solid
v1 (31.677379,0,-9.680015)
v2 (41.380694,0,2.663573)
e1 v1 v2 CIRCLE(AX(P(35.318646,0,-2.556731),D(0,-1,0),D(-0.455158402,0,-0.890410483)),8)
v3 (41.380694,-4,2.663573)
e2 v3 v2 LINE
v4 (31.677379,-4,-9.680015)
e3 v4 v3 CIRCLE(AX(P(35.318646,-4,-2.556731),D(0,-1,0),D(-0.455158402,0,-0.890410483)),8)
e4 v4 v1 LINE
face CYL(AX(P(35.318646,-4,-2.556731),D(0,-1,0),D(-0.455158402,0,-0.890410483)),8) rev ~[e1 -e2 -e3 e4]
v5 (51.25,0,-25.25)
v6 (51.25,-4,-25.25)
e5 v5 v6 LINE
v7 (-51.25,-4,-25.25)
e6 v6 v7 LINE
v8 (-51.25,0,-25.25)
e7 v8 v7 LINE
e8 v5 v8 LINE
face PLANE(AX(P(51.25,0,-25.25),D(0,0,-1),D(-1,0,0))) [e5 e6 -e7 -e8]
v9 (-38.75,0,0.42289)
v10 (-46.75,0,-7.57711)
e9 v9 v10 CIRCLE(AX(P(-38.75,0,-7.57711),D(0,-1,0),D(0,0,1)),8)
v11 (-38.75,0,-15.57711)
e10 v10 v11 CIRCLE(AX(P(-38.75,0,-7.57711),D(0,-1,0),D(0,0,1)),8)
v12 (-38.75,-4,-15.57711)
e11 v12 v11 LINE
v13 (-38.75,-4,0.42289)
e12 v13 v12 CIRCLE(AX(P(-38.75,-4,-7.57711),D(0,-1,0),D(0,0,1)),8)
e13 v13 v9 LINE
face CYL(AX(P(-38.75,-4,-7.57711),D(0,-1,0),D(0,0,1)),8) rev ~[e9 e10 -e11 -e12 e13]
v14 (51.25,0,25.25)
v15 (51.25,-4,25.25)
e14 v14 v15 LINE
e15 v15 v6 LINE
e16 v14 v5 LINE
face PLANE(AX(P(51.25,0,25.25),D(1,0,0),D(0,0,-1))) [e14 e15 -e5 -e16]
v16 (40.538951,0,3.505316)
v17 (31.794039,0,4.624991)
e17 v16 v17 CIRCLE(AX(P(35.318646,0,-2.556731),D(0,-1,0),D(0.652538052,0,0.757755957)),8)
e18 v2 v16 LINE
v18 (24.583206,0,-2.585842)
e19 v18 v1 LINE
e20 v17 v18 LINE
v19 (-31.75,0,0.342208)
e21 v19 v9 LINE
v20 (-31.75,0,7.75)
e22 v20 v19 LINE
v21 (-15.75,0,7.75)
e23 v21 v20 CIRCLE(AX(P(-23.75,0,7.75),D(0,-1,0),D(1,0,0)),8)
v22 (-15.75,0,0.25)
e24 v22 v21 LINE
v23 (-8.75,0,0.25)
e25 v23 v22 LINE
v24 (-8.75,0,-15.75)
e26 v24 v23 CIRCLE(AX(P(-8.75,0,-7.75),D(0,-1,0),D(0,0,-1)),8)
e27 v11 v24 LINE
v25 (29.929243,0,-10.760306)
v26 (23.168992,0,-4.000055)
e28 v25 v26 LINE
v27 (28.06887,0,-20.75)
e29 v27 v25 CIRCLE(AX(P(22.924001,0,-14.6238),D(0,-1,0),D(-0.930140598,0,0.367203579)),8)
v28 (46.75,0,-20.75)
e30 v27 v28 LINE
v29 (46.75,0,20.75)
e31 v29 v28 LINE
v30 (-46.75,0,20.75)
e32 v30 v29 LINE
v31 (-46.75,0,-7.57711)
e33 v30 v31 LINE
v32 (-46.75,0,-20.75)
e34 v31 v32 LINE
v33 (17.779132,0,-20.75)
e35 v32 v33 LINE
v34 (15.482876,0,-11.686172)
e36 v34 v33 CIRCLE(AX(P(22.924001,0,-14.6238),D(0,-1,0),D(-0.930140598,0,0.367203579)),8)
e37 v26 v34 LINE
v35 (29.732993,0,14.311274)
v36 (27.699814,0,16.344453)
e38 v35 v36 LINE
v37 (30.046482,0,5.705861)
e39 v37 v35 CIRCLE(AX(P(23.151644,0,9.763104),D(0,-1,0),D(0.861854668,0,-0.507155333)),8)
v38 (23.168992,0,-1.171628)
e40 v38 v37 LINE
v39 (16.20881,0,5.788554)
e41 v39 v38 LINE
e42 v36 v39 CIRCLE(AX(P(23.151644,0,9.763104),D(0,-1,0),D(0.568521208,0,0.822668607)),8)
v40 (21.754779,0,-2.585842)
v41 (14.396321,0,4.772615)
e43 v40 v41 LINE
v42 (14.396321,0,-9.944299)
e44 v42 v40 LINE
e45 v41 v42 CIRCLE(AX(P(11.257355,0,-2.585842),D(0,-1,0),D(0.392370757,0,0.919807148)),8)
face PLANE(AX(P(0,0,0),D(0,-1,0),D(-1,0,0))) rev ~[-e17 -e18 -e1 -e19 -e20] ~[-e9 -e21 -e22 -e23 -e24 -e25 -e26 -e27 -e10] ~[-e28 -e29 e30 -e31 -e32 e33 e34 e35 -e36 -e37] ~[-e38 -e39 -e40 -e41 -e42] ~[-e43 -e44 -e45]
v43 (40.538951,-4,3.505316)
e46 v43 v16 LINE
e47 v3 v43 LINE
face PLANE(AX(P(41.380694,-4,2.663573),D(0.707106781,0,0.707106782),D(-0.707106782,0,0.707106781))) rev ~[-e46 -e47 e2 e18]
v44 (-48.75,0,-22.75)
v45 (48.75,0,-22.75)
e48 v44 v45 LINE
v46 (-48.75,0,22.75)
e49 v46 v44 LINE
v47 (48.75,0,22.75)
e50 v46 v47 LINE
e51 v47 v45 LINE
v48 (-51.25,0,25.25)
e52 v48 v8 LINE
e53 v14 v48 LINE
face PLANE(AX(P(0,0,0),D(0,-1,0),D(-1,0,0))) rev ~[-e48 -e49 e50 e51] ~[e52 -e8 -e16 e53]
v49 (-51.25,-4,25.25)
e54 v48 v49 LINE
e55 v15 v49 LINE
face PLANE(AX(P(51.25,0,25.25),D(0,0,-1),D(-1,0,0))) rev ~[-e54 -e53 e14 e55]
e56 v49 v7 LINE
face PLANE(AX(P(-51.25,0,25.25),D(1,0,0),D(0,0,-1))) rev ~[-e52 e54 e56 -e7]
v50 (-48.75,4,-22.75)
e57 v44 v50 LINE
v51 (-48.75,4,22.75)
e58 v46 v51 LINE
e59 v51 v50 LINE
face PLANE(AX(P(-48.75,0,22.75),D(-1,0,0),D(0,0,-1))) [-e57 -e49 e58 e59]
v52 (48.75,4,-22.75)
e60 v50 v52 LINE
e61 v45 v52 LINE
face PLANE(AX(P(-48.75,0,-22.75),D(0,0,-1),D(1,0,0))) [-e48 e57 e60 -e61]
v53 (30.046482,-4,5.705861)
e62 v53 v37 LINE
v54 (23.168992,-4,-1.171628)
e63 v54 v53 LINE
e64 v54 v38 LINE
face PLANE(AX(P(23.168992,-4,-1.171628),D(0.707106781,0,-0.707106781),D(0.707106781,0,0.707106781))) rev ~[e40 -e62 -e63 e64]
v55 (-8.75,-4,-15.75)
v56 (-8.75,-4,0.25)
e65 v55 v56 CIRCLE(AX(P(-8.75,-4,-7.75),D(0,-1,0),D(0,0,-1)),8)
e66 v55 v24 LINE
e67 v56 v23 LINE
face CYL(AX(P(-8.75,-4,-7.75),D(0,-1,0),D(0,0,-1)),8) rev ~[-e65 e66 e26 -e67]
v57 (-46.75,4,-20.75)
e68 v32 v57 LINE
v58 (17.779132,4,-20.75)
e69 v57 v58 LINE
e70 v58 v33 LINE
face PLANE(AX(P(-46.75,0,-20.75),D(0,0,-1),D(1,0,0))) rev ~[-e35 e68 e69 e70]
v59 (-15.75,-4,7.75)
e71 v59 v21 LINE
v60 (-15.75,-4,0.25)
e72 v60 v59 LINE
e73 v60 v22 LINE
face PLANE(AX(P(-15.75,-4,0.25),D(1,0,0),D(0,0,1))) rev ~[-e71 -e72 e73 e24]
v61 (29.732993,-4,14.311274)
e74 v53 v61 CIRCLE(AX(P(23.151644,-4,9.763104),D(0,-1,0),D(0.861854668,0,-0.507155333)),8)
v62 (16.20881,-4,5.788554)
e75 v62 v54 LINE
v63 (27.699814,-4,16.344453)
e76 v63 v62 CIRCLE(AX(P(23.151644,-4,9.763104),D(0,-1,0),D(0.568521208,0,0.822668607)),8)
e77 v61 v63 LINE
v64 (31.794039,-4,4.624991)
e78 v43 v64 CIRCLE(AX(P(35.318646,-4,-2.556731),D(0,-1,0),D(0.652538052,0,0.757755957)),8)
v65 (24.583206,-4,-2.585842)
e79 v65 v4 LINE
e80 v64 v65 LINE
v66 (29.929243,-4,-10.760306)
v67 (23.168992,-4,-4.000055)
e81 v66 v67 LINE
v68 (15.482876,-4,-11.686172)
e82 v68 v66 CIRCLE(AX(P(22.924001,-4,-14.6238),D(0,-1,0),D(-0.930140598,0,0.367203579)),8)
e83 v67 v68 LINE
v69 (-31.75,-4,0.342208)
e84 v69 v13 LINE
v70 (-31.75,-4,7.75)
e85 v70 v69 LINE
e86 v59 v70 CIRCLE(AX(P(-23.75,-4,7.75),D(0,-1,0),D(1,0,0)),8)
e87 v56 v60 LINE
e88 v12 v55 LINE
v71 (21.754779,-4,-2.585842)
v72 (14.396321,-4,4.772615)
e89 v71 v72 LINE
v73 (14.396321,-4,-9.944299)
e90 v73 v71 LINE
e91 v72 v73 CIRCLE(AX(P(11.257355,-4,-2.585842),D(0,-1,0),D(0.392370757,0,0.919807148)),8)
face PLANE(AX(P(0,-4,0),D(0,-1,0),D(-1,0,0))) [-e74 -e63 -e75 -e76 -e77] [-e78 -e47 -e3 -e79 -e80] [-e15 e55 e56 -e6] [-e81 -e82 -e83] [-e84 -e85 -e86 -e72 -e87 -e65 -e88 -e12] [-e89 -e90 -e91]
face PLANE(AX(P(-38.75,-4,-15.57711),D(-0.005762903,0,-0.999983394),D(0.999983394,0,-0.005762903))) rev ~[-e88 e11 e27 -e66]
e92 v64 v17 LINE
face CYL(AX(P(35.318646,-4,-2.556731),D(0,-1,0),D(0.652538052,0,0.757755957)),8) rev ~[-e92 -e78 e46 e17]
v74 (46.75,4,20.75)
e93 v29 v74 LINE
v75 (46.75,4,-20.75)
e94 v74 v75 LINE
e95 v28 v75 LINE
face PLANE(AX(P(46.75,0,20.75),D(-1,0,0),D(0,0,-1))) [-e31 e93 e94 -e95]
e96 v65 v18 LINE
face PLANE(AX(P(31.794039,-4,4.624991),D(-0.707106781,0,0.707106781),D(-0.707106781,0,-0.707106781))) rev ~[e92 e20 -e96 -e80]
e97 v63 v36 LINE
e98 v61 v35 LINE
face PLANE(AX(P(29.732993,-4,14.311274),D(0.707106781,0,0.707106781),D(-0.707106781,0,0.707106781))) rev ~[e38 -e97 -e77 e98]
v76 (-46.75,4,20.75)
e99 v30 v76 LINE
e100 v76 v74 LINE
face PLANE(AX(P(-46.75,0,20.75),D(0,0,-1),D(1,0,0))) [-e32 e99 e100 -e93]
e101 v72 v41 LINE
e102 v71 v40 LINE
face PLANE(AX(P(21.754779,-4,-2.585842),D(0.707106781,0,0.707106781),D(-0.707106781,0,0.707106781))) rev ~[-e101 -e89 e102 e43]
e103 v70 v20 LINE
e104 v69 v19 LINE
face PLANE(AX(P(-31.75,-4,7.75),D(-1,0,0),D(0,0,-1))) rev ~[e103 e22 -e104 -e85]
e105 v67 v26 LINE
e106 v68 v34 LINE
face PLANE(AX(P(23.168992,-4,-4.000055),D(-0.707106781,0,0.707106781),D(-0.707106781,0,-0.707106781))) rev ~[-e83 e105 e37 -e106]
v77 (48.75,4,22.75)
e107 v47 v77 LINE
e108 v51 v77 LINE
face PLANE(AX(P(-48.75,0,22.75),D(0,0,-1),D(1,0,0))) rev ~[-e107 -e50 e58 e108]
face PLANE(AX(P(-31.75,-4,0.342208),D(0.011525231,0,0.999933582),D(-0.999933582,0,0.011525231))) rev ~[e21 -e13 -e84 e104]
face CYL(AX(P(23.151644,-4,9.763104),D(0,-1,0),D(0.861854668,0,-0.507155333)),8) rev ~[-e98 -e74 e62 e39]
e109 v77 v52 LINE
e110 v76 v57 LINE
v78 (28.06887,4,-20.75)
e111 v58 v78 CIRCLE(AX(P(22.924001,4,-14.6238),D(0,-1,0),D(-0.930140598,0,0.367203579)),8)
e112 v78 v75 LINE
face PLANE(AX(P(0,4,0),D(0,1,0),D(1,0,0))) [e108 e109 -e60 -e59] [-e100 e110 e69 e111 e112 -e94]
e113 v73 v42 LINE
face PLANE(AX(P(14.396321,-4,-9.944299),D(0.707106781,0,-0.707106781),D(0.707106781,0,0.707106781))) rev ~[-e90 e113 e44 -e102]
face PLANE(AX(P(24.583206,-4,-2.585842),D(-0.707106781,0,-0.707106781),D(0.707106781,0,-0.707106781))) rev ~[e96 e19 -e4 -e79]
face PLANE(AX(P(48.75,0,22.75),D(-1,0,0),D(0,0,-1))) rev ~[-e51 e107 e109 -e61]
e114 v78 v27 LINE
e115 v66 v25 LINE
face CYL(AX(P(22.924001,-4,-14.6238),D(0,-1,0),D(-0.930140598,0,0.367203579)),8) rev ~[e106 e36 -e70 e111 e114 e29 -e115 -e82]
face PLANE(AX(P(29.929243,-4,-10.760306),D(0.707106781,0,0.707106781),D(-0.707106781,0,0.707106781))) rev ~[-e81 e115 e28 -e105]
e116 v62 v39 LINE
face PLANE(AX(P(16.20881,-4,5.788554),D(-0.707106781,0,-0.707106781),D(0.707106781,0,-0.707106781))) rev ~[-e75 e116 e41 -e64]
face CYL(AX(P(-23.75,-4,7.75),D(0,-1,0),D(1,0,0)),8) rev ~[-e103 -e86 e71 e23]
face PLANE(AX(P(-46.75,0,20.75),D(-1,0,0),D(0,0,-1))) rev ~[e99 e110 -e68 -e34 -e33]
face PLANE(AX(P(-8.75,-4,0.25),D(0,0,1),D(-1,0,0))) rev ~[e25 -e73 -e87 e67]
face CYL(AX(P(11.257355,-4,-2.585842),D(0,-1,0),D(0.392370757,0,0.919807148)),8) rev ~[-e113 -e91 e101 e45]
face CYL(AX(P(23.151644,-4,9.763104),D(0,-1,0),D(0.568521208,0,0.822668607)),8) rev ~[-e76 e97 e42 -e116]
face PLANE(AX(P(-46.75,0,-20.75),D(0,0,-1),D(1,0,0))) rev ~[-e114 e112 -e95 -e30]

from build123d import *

# Parameters (mm, degrees)
SKETCH1_W           = 97.5
SKETCH1_H           = 45.5
SKETCH1_W_2         = 93.5
SKETCH1_H_2         = 41.5
BOSS_EXTRUDE1_DEPTH = 4
SKETCH2_W           = 102.5
SKETCH2_H           = 50.5
BOSS_EXTRUDE2_DEPTH = 4
CUT_EXTRUDE1_DEPTH  = 58.689903796


with BuildPart() as part:
    # Sketch1 → Boss-Extrude1 (new body)
    with BuildSketch(Plane(origin=(0, 0, 0), x_dir=(1, 0, 0), z_dir=(0, 1, 0))):
        Rectangle(SKETCH1_W, SKETCH1_H)
        Rectangle(SKETCH1_W_2, SKETCH1_H_2, mode=Mode.SUBTRACT)
    extrude(amount=BOSS_EXTRUDE1_DEPTH)

    # Sketch2 → Boss-Extrude2 (add)
    with BuildSketch(Plane(origin=(0, 0, 0), x_dir=(-1, 0, 0), z_dir=(0, -1, 0))):
        Rectangle(SKETCH2_W, SKETCH2_H)
    extrude(amount=BOSS_EXTRUDE2_DEPTH)

    # Sketch3 → Cut-Extrude1 (cut, through all)
    with BuildSketch(Plane.XZ.offset(4)):
        with BuildLine():
            Line((21.754778505, -2.585841929), (14.396321324, 4.772615252))
            ThreePointArc((14.396321324, 4.772615252), (3.257355265, -2.585841929), (14.396321324, -9.94429911))
            Line((14.396321324, -9.94429911), (21.754778505, -2.585841929))
        make_face()
        with BuildLine():
            ThreePointArc((27.699814048, 16.344452811), (17.739587878, 15.654593104), (16.208809841, 5.78855386))
            Line((16.208809841, 5.78855386), (23.168992067, -1.171628366))
            Line((23.168992067, -1.171628366), (30.046481727, 5.705861294))
            ThreePointArc((30.046481727, 5.705861294), (31.14634131, 10.054344559), (29.732993239, 14.31127362))
            Line((29.732993239, 14.31127362), (27.699814048, 16.344452811))
        make_face()
        with BuildLine():
            ThreePointArc((15.482875978, -11.68617158), (23.435669898, -22.607420615), (29.929242502, -10.760305926))
            Line((29.929242502, -10.760305926), (23.168992067, -4.000055491))
            Line((23.168992067, -4.000055491), (15.482875978, -11.68617158))
        make_face()
        with BuildLine():
            ThreePointArc((40.538950668, 3.505316191), (36.33465085, 5.37848968), (31.79403897, 4.624991411))
            Line((31.79403897, 4.624991411), (24.58320563, -2.585841929))
            Line((24.58320563, -2.585841929), (31.677379035, -9.680015334))
            ThreePointArc((31.677379035, -9.680015334), (41.608009289, -7.500810005), (41.380693911, 2.663572949))
            Line((41.380693911, 2.663572949), (40.538950668, 3.505316191))
        make_face()
        with BuildLine():
            Line((-31.75, 0.342207976), (-38.75, 0.422889955))
            ThreePointArc((-38.75, 0.422889955), (-46.75, -7.577110045), (-38.75, -15.577110045))
            Line((-38.75, -15.577110045), (-8.75, -15.75))
            ThreePointArc((-8.75, -15.75), (-0.75, -7.75), (-8.75, 0.25))
            Line((-8.75, 0.25), (-15.75, 0.25))
            Line((-15.75, 0.25), (-15.75, 7.75))
            ThreePointArc((-15.75, 7.75), (-23.75, 15.75), (-31.75, 7.75))
            Line((-31.75, 7.75), (-31.75, 0.342207976))
        make_face()
    extrude(amount=-CUT_EXTRUDE1_DEPTH, mode=Mode.SUBTRACT)


solid = part.part
